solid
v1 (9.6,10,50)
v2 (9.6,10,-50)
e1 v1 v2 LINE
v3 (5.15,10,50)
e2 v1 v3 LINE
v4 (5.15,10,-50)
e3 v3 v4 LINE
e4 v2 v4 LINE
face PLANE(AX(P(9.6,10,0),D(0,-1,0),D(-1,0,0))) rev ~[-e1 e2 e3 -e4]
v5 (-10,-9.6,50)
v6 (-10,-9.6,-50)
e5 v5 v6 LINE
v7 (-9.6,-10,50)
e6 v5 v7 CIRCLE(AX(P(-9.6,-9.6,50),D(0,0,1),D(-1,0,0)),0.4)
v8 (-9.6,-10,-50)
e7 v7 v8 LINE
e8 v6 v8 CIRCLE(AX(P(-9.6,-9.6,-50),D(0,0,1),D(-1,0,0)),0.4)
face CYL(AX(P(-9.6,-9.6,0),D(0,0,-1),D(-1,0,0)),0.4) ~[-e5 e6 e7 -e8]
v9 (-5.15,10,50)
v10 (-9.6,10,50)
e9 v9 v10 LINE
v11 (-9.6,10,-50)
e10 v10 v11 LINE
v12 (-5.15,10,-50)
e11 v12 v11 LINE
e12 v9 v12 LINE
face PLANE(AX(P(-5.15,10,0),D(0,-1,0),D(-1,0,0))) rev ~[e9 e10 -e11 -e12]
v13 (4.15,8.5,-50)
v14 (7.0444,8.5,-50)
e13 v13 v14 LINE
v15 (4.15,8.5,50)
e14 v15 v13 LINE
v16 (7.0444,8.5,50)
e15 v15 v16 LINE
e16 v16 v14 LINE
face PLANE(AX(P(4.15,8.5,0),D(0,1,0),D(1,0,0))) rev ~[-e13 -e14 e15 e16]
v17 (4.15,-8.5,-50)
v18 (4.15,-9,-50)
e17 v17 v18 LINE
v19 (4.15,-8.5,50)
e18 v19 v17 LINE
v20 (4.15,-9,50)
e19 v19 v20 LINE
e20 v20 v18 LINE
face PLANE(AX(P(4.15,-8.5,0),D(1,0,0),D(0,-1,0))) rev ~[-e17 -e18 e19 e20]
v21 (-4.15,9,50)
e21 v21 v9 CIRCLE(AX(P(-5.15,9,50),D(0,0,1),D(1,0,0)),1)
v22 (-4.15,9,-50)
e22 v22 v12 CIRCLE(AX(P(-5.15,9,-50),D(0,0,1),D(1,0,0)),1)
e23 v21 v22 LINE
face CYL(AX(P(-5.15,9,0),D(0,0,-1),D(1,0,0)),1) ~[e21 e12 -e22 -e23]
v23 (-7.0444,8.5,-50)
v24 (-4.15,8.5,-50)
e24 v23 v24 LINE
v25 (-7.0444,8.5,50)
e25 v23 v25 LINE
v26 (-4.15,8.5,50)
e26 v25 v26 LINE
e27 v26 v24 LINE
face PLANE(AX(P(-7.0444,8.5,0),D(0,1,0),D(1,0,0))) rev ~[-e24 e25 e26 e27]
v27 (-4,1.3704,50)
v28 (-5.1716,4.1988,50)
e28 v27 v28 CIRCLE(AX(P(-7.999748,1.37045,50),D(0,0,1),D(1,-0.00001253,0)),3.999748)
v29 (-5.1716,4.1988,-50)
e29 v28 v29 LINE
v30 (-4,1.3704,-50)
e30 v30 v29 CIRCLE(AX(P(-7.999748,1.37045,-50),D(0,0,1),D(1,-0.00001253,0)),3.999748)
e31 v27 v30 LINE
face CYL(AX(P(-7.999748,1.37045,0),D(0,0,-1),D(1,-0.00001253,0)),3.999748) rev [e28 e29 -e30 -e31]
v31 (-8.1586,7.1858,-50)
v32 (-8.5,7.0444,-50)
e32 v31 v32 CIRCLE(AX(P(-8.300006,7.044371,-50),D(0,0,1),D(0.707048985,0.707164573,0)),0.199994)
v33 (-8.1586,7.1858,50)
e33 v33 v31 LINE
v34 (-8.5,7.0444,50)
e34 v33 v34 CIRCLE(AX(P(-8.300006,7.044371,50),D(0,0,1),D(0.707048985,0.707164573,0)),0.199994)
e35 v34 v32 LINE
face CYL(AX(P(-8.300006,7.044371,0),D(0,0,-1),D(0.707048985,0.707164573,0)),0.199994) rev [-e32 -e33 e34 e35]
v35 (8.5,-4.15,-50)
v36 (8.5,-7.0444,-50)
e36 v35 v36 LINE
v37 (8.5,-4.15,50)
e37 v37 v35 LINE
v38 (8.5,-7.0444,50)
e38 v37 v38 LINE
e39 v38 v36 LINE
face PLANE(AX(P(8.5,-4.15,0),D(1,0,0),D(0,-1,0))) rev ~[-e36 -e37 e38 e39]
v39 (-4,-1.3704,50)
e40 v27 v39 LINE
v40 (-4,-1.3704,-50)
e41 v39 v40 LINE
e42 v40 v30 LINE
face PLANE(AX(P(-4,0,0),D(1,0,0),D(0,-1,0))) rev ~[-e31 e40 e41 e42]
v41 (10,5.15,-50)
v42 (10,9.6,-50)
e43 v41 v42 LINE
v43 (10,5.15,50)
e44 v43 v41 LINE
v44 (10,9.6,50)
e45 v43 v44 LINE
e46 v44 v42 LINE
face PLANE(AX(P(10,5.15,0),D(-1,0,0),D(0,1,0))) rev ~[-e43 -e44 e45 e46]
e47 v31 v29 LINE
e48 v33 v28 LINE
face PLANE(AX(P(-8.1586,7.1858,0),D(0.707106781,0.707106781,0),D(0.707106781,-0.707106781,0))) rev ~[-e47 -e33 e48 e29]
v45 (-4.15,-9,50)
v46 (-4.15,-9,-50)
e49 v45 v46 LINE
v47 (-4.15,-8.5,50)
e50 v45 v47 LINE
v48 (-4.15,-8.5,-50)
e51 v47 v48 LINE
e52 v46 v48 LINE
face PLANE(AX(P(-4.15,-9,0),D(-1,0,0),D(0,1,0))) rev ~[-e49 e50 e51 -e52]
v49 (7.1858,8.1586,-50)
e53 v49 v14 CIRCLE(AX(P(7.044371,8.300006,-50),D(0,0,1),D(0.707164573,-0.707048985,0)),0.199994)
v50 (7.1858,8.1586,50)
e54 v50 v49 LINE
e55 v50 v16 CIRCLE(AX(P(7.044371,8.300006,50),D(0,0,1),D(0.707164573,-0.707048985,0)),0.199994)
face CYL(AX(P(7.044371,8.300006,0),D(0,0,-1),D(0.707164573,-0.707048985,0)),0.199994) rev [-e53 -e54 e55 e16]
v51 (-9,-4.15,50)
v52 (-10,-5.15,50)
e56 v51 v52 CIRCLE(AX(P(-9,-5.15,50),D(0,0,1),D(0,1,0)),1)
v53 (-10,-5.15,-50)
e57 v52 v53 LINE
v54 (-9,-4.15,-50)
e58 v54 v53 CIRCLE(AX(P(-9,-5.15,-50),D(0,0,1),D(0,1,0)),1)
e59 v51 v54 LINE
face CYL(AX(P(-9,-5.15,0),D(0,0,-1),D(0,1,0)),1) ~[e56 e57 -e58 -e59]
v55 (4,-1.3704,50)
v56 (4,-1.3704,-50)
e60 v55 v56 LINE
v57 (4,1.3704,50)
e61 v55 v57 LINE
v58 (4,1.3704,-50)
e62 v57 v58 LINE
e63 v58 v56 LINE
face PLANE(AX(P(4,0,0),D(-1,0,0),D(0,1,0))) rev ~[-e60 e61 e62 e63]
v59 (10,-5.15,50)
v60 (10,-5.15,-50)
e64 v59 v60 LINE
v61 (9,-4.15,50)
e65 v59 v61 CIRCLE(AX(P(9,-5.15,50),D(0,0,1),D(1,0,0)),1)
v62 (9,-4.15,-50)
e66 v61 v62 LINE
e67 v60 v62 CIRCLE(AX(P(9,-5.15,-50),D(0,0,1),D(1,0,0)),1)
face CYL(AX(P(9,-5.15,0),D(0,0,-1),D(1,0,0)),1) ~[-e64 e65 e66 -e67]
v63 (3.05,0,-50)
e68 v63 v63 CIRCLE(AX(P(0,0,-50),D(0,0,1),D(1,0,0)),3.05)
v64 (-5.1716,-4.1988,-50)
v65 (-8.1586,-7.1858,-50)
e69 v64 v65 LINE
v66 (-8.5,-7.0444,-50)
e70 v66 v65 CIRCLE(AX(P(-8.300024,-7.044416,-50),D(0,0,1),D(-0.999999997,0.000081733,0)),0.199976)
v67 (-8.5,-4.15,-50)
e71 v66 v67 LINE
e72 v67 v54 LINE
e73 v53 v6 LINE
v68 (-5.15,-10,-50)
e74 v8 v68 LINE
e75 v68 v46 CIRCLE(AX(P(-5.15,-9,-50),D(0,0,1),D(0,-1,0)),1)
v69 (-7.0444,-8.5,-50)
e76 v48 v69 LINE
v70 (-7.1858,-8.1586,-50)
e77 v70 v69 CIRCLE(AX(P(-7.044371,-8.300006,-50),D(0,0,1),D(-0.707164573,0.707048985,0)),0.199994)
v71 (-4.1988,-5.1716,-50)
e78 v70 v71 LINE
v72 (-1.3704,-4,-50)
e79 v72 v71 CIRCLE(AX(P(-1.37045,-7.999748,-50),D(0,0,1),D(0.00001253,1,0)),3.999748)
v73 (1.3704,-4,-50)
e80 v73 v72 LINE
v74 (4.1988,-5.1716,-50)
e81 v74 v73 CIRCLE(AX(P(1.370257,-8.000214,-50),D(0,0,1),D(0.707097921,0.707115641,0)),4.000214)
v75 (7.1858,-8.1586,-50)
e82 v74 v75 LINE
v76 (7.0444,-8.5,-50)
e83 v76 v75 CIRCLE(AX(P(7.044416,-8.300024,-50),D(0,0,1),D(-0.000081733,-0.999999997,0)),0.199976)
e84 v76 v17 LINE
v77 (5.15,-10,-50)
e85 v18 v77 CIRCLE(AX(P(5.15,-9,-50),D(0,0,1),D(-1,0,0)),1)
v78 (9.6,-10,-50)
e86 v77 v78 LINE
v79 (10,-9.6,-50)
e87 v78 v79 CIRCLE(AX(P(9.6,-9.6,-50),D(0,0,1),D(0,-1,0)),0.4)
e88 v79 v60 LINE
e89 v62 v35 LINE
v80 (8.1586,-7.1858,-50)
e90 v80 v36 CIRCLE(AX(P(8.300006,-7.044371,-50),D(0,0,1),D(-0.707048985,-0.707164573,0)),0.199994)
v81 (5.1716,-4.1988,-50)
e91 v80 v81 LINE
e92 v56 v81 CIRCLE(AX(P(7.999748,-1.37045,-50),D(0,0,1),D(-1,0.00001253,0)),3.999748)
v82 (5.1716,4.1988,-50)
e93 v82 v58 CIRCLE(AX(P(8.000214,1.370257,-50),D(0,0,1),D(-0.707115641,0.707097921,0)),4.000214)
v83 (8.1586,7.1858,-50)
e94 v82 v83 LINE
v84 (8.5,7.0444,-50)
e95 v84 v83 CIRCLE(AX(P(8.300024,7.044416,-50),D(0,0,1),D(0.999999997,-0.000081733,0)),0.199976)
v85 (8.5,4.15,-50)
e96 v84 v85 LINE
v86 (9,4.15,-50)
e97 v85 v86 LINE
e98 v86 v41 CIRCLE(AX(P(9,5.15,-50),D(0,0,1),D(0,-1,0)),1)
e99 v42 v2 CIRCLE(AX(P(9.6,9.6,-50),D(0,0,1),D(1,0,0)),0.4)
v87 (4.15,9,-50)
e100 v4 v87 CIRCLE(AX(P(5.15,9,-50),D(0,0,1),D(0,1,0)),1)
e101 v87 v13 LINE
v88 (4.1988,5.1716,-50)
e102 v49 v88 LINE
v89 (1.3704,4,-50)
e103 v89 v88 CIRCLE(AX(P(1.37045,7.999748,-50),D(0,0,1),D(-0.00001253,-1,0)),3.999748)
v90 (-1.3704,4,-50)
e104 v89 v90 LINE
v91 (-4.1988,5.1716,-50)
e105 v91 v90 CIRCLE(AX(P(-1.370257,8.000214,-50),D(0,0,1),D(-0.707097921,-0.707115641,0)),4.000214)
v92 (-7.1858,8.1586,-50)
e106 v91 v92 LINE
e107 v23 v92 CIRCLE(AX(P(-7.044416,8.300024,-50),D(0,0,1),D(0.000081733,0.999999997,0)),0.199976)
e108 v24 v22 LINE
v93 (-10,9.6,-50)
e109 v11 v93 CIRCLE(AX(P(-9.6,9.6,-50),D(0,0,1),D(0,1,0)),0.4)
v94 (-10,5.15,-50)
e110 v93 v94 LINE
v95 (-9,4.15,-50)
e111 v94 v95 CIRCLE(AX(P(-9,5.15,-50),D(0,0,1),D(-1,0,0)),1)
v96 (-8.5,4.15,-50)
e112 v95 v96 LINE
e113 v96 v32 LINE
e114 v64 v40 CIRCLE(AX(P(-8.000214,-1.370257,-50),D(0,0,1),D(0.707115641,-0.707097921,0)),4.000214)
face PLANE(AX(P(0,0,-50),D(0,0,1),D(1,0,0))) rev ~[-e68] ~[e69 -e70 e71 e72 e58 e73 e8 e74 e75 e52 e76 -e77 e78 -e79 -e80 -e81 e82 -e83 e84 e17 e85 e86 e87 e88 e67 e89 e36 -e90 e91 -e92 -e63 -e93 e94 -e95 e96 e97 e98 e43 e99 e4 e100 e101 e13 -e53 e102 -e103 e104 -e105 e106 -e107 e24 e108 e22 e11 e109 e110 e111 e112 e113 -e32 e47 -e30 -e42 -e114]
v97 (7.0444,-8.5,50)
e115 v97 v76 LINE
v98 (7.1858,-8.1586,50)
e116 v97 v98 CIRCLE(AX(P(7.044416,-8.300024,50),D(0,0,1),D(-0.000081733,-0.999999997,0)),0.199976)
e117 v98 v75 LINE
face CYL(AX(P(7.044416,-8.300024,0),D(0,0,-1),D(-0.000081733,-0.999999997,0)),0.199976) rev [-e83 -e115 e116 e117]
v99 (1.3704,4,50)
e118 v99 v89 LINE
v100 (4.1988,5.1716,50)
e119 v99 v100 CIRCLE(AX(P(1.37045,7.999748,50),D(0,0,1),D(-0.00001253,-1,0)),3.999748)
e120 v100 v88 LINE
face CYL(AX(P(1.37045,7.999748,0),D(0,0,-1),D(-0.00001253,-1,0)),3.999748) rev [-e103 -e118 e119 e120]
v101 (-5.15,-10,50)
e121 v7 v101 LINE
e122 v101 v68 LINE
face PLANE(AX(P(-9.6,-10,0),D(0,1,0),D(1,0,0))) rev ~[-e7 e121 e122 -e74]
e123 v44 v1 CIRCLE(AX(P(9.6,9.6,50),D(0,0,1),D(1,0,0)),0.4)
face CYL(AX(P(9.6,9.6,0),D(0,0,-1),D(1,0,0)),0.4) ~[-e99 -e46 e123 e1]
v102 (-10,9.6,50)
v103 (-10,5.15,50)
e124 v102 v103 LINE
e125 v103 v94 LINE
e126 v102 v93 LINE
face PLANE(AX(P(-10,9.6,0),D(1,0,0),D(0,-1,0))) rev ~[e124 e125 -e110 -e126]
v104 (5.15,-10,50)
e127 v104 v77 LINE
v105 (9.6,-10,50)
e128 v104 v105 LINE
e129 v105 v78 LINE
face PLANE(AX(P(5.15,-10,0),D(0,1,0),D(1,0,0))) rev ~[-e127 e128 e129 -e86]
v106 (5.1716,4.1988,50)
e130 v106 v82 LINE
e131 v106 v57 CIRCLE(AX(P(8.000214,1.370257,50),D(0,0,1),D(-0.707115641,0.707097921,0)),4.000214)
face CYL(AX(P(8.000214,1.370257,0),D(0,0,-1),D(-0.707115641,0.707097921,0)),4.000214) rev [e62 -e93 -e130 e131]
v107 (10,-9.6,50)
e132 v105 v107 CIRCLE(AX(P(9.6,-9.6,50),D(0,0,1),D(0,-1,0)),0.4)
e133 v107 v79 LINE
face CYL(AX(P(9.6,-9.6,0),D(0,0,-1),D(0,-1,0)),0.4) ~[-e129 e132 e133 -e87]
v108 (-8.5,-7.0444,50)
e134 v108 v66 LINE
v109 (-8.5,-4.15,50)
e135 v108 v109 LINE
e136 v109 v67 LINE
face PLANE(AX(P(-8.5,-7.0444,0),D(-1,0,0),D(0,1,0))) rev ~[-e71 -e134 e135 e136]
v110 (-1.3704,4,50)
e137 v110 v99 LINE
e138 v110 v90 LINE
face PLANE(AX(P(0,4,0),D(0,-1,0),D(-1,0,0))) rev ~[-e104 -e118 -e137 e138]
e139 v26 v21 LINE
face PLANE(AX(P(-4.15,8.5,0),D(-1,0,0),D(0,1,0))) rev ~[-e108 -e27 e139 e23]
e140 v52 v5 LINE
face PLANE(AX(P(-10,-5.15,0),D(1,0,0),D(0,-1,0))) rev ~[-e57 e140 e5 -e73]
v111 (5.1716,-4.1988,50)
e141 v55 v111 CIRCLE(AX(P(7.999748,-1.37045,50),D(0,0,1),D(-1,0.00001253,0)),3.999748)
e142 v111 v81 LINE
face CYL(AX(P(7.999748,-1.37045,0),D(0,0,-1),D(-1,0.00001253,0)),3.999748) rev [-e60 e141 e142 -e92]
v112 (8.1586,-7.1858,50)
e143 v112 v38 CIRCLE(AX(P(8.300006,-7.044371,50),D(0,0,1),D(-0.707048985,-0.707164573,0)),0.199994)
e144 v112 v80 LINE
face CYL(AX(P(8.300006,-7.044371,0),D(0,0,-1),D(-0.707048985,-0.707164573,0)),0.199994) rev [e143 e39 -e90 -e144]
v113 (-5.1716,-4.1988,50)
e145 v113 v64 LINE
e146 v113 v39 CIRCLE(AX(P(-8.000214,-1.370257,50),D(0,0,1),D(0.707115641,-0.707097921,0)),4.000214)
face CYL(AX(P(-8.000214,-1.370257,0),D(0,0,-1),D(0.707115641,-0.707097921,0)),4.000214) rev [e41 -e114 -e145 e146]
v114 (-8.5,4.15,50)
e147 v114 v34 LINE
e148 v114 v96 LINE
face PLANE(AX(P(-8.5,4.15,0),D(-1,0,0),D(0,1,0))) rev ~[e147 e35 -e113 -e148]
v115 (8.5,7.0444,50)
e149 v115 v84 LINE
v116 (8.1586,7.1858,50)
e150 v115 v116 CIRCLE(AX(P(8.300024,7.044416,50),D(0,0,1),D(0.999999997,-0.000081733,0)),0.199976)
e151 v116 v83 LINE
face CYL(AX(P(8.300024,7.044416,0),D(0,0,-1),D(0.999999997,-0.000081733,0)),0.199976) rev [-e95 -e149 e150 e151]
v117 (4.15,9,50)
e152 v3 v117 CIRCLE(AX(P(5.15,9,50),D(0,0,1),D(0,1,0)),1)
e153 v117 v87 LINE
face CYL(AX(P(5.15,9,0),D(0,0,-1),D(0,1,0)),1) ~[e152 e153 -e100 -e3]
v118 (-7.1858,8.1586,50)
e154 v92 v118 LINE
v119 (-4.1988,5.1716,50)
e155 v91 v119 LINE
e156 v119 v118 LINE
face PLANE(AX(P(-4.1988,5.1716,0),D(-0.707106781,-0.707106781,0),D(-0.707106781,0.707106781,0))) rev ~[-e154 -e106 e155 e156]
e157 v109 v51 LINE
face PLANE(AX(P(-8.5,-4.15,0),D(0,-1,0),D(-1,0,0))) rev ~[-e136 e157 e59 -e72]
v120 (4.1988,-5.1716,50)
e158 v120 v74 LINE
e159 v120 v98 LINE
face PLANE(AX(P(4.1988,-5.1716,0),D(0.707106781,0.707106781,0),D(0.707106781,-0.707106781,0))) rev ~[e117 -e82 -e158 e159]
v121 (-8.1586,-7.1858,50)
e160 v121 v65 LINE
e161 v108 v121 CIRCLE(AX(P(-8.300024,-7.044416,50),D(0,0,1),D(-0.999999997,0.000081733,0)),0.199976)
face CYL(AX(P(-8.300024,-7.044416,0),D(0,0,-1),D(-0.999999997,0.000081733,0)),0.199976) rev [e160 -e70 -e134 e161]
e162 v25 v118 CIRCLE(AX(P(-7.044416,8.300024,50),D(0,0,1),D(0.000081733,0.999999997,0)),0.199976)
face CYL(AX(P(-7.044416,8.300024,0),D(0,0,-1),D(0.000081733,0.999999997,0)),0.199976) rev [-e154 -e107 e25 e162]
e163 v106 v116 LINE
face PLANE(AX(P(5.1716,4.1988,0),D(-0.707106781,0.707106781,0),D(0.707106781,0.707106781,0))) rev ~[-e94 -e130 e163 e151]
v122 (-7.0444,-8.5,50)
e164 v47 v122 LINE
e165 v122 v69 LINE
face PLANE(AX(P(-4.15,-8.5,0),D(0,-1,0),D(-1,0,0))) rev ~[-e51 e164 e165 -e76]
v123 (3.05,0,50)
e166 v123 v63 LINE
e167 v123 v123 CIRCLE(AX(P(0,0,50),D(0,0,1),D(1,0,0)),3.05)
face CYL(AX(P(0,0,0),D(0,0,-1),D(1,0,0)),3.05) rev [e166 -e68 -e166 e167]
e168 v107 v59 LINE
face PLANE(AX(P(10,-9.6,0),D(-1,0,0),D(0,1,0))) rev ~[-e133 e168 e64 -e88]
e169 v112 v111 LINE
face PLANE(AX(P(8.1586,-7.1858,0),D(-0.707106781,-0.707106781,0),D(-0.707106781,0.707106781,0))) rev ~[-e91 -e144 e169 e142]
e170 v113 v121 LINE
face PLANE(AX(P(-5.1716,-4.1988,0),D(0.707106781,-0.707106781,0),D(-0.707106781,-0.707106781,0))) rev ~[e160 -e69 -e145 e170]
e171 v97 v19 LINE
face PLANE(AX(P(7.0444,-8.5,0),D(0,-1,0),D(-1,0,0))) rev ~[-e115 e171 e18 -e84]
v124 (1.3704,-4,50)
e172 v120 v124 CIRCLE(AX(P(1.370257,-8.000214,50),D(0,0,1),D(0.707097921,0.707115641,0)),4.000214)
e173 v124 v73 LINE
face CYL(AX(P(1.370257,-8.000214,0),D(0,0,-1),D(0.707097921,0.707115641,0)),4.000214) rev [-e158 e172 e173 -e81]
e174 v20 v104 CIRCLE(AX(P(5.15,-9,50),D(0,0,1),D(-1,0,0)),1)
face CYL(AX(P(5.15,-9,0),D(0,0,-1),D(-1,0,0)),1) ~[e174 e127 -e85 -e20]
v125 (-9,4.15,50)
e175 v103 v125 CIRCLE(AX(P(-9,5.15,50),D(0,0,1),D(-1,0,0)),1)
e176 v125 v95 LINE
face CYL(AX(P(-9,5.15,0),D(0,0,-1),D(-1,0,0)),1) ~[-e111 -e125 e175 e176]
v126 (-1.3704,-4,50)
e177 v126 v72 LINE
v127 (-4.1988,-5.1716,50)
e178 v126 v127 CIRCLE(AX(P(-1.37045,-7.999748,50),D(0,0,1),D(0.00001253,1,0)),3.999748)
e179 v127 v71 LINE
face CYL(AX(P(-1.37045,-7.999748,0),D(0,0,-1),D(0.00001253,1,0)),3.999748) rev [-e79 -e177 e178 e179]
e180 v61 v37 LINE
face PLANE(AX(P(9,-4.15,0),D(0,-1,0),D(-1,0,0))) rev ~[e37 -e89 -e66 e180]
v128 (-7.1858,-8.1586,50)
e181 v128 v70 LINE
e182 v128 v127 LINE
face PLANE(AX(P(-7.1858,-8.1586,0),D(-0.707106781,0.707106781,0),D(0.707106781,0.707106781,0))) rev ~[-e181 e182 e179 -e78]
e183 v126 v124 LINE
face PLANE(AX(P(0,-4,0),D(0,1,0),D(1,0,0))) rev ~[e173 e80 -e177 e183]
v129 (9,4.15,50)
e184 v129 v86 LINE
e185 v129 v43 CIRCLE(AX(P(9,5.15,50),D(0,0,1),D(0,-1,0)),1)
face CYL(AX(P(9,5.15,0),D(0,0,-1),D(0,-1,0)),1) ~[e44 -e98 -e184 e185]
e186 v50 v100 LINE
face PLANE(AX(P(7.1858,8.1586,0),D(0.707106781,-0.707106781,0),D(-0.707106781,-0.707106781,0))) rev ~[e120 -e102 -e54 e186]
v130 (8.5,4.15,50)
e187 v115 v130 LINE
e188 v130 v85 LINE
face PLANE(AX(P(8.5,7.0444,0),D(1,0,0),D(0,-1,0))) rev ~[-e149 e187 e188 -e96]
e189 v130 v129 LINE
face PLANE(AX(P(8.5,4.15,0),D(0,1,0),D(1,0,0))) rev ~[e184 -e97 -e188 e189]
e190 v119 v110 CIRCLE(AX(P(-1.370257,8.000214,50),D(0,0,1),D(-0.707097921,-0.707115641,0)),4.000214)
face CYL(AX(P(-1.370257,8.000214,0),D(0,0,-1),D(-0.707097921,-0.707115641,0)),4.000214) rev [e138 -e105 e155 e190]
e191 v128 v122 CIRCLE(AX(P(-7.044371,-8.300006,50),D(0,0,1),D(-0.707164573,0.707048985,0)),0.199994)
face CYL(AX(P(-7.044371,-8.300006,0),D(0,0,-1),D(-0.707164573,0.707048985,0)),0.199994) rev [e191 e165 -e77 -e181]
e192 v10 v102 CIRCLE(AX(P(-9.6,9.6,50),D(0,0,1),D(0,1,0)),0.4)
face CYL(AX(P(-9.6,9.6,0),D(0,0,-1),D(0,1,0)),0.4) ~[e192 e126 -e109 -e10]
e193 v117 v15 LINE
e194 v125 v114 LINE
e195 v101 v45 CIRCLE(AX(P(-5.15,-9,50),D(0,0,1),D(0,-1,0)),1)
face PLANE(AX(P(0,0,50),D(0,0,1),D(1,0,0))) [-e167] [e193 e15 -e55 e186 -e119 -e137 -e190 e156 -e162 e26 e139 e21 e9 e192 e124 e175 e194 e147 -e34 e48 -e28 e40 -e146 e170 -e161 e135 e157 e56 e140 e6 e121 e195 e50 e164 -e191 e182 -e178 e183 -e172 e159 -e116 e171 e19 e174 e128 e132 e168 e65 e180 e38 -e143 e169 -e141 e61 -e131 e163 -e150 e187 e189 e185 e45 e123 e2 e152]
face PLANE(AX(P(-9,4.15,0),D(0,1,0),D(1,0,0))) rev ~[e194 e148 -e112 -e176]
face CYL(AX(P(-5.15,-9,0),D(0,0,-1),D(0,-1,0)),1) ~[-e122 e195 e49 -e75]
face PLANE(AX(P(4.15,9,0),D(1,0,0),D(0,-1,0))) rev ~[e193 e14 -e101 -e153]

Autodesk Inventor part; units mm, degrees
ref_plane "YZ Plane" through (0, 0, 0) normal (1, 0, 0) x (0, 1, 0)
ref_plane "XZ Plane" through (0, 0, 0) normal (0, 1, 0) x (-1, 0, 0)
ref_plane "XY Plane" through (0, 0, 0) normal (0, 0, 1) x (1, 0, 0)
sketch "Sketch1" plane through (0, 0, 0) normal (0, 0, 1) x (1, 0, 0)
  line L0 (-4.1988, 5.1716) -> (-7.1858, 8.1586)
  arc A0 (-7.0444, 8.5) -> (-7.1858, 8.1586) centre (-7.0444, 8.3) ccw
  line L1 (-7.0444, 8.5) -> (-4.15, 8.5)
  line L2 (-4.15, 8.5) -> (-4.15, 9)
  arc A1 (-4.15, 9) -> (-5.15, 10) centre (-5.15, 9) ccw
  line L3 (-5.15, 10) -> (-9.6, 10)
  arc A2 (-9.6, 10) -> (-10, 9.6) centre (-9.6, 9.6) ccw
  line L4 (-10, 9.6) -> (-10, 5.15)
  arc A3 (-10, 5.15) -> (-9, 4.15) centre (-9, 5.15) ccw
  line L5 (-9, 4.15) -> (-8.5, 4.15)
  line L6 (-8.5, 4.15) -> (-8.5, 7.0444)
  arc A4 (-8.1586, 7.1858) -> (-8.5, 7.0444) centre (-8.3, 7.0444) ccw
  line L7 (-8.1586, 7.1858) -> (-5.1716, 4.1988)
  arc A5 (-4, 1.3704) -> (-5.1716, 4.1988) centre (-8, 1.3704) ccw
  line L8 (-4, 1.3704) -> (-4, 0)
  line L9 (-4, 0) -> (-4, -1.3704)
  arc A6 (-5.1716, -4.1988) -> (-4, -1.3704) centre (-8, -1.3704) ccw
  line L10 (-5.1716, -4.1988) -> (-8.1586, -7.1858)
  arc A7 (-8.5, -7.0444) -> (-8.1586, -7.1858) centre (-8.3, -7.0444) ccw
  line L11 (-8.5, -7.0444) -> (-8.5, -4.15)
  line L12 (-8.5, -4.15) -> (-9, -4.15)
  arc A8 (-9, -4.15) -> (-10, -5.15) centre (-9, -5.15) ccw
  line L13 (-10, -5.15) -> (-10, -9.6)
  arc A9 (-10, -9.6) -> (-9.6, -10) centre (-9.6, -9.6) ccw
  line L14 (-9.6, -10) -> (-5.15, -10)
  arc A10 (-5.15, -10) -> (-4.15, -9) centre (-5.15, -9) ccw
  line L15 (-4.15, -9) -> (-4.15, -8.5)
  line L16 (-4.15, -8.5) -> (-7.0444, -8.5)
  arc A11 (-7.1858, -8.1586) -> (-7.0444, -8.5) centre (-7.0444, -8.3) ccw
  line L17 (-7.1858, -8.1586) -> (-4.1988, -5.1716)
  arc A12 (-1.3704, -4) -> (-4.1988, -5.1716) centre (-1.3704, -8) ccw
  line L18 (-1.3704, -4) -> (0, -4)
  line L19 (0, -4) -> (1.3704, -4)
  arc A13 (4.1988, -5.1716) -> (1.3704, -4) centre (1.3704, -8) ccw
  line L20 (4.1988, -5.1716) -> (7.1858, -8.1586)
  arc A14 (7.0444, -8.5) -> (7.1858, -8.1586) centre (7.0444, -8.3) ccw
  line L21 (7.0444, -8.5) -> (4.15, -8.5)
  line L22 (4.15, -8.5) -> (4.15, -9)
  arc A15 (4.15, -9) -> (5.15, -10) centre (5.15, -9) ccw
  line L23 (5.15, -10) -> (9.6, -10)
  arc A16 (9.6, -10) -> (10, -9.6) centre (9.6, -9.6) ccw
  line L24 (10, -9.6) -> (10, -5.15)
  arc A17 (10, -5.15) -> (9, -4.15) centre (9, -5.15) ccw
  line L25 (9, -4.15) -> (8.5, -4.15)
  line L26 (8.5, -4.15) -> (8.5, -7.0444)
  arc A18 (8.1586, -7.1858) -> (8.5, -7.0444) centre (8.3, -7.0444) ccw
  line L27 (8.1586, -7.1858) -> (5.1716, -4.1988)
  arc A19 (4, -1.3704) -> (5.1716, -4.1988) centre (8, -1.3704) ccw
  line L28 (4, -1.3704) -> (4, 0)
  line L29 (4, 0) -> (4, 1.3704)
  arc A20 (5.1716, 4.1988) -> (4, 1.3704) centre (8, 1.3704) ccw
  line L30 (5.1716, 4.1988) -> (8.1586, 7.1858)
  arc A21 (8.5, 7.0444) -> (8.1586, 7.1858) centre (8.3, 7.0444) ccw
  line L31 (8.5, 7.0444) -> (8.5, 4.15)
  line L32 (8.5, 4.15) -> (9, 4.15)
  arc A22 (9, 4.15) -> (10, 5.15) centre (9, 5.15) ccw
  line L33 (10, 5.15) -> (10, 9.6)
  arc A23 (10, 9.6) -> (9.6, 10) centre (9.6, 9.6) ccw
  line L34 (9.6, 10) -> (5.15, 10)
  arc A24 (5.15, 10) -> (4.15, 9) centre (5.15, 9) ccw
  line L35 (4.15, 9) -> (4.15, 8.5)
  line L36 (4.15, 8.5) -> (7.0444, 8.5)
  arc A25 (7.1858, 8.1586) -> (7.0444, 8.5) centre (7.0444, 8.3) ccw
  line L37 (7.1858, 8.1586) -> (4.1988, 5.1716)
  arc A26 (1.3704, 4) -> (4.1988, 5.1716) centre (1.3704, 8) ccw
  line L38 (1.3704, 4) -> (0, 4)
  line L39 (0, 4) -> (-1.3704, 4)
  arc A27 (-4.1988, 5.1716) -> (-1.3704, 4) centre (-1.3704, 8) ccw
  circle A28 centre (0, 0) radius 3.05
extrude "Extrusion1" add sketch "Sketch1" along normal mid plane 100
properties part number "Perfil 20 x 20 Básico - LEGP20101" material "Aluminum 6061"
